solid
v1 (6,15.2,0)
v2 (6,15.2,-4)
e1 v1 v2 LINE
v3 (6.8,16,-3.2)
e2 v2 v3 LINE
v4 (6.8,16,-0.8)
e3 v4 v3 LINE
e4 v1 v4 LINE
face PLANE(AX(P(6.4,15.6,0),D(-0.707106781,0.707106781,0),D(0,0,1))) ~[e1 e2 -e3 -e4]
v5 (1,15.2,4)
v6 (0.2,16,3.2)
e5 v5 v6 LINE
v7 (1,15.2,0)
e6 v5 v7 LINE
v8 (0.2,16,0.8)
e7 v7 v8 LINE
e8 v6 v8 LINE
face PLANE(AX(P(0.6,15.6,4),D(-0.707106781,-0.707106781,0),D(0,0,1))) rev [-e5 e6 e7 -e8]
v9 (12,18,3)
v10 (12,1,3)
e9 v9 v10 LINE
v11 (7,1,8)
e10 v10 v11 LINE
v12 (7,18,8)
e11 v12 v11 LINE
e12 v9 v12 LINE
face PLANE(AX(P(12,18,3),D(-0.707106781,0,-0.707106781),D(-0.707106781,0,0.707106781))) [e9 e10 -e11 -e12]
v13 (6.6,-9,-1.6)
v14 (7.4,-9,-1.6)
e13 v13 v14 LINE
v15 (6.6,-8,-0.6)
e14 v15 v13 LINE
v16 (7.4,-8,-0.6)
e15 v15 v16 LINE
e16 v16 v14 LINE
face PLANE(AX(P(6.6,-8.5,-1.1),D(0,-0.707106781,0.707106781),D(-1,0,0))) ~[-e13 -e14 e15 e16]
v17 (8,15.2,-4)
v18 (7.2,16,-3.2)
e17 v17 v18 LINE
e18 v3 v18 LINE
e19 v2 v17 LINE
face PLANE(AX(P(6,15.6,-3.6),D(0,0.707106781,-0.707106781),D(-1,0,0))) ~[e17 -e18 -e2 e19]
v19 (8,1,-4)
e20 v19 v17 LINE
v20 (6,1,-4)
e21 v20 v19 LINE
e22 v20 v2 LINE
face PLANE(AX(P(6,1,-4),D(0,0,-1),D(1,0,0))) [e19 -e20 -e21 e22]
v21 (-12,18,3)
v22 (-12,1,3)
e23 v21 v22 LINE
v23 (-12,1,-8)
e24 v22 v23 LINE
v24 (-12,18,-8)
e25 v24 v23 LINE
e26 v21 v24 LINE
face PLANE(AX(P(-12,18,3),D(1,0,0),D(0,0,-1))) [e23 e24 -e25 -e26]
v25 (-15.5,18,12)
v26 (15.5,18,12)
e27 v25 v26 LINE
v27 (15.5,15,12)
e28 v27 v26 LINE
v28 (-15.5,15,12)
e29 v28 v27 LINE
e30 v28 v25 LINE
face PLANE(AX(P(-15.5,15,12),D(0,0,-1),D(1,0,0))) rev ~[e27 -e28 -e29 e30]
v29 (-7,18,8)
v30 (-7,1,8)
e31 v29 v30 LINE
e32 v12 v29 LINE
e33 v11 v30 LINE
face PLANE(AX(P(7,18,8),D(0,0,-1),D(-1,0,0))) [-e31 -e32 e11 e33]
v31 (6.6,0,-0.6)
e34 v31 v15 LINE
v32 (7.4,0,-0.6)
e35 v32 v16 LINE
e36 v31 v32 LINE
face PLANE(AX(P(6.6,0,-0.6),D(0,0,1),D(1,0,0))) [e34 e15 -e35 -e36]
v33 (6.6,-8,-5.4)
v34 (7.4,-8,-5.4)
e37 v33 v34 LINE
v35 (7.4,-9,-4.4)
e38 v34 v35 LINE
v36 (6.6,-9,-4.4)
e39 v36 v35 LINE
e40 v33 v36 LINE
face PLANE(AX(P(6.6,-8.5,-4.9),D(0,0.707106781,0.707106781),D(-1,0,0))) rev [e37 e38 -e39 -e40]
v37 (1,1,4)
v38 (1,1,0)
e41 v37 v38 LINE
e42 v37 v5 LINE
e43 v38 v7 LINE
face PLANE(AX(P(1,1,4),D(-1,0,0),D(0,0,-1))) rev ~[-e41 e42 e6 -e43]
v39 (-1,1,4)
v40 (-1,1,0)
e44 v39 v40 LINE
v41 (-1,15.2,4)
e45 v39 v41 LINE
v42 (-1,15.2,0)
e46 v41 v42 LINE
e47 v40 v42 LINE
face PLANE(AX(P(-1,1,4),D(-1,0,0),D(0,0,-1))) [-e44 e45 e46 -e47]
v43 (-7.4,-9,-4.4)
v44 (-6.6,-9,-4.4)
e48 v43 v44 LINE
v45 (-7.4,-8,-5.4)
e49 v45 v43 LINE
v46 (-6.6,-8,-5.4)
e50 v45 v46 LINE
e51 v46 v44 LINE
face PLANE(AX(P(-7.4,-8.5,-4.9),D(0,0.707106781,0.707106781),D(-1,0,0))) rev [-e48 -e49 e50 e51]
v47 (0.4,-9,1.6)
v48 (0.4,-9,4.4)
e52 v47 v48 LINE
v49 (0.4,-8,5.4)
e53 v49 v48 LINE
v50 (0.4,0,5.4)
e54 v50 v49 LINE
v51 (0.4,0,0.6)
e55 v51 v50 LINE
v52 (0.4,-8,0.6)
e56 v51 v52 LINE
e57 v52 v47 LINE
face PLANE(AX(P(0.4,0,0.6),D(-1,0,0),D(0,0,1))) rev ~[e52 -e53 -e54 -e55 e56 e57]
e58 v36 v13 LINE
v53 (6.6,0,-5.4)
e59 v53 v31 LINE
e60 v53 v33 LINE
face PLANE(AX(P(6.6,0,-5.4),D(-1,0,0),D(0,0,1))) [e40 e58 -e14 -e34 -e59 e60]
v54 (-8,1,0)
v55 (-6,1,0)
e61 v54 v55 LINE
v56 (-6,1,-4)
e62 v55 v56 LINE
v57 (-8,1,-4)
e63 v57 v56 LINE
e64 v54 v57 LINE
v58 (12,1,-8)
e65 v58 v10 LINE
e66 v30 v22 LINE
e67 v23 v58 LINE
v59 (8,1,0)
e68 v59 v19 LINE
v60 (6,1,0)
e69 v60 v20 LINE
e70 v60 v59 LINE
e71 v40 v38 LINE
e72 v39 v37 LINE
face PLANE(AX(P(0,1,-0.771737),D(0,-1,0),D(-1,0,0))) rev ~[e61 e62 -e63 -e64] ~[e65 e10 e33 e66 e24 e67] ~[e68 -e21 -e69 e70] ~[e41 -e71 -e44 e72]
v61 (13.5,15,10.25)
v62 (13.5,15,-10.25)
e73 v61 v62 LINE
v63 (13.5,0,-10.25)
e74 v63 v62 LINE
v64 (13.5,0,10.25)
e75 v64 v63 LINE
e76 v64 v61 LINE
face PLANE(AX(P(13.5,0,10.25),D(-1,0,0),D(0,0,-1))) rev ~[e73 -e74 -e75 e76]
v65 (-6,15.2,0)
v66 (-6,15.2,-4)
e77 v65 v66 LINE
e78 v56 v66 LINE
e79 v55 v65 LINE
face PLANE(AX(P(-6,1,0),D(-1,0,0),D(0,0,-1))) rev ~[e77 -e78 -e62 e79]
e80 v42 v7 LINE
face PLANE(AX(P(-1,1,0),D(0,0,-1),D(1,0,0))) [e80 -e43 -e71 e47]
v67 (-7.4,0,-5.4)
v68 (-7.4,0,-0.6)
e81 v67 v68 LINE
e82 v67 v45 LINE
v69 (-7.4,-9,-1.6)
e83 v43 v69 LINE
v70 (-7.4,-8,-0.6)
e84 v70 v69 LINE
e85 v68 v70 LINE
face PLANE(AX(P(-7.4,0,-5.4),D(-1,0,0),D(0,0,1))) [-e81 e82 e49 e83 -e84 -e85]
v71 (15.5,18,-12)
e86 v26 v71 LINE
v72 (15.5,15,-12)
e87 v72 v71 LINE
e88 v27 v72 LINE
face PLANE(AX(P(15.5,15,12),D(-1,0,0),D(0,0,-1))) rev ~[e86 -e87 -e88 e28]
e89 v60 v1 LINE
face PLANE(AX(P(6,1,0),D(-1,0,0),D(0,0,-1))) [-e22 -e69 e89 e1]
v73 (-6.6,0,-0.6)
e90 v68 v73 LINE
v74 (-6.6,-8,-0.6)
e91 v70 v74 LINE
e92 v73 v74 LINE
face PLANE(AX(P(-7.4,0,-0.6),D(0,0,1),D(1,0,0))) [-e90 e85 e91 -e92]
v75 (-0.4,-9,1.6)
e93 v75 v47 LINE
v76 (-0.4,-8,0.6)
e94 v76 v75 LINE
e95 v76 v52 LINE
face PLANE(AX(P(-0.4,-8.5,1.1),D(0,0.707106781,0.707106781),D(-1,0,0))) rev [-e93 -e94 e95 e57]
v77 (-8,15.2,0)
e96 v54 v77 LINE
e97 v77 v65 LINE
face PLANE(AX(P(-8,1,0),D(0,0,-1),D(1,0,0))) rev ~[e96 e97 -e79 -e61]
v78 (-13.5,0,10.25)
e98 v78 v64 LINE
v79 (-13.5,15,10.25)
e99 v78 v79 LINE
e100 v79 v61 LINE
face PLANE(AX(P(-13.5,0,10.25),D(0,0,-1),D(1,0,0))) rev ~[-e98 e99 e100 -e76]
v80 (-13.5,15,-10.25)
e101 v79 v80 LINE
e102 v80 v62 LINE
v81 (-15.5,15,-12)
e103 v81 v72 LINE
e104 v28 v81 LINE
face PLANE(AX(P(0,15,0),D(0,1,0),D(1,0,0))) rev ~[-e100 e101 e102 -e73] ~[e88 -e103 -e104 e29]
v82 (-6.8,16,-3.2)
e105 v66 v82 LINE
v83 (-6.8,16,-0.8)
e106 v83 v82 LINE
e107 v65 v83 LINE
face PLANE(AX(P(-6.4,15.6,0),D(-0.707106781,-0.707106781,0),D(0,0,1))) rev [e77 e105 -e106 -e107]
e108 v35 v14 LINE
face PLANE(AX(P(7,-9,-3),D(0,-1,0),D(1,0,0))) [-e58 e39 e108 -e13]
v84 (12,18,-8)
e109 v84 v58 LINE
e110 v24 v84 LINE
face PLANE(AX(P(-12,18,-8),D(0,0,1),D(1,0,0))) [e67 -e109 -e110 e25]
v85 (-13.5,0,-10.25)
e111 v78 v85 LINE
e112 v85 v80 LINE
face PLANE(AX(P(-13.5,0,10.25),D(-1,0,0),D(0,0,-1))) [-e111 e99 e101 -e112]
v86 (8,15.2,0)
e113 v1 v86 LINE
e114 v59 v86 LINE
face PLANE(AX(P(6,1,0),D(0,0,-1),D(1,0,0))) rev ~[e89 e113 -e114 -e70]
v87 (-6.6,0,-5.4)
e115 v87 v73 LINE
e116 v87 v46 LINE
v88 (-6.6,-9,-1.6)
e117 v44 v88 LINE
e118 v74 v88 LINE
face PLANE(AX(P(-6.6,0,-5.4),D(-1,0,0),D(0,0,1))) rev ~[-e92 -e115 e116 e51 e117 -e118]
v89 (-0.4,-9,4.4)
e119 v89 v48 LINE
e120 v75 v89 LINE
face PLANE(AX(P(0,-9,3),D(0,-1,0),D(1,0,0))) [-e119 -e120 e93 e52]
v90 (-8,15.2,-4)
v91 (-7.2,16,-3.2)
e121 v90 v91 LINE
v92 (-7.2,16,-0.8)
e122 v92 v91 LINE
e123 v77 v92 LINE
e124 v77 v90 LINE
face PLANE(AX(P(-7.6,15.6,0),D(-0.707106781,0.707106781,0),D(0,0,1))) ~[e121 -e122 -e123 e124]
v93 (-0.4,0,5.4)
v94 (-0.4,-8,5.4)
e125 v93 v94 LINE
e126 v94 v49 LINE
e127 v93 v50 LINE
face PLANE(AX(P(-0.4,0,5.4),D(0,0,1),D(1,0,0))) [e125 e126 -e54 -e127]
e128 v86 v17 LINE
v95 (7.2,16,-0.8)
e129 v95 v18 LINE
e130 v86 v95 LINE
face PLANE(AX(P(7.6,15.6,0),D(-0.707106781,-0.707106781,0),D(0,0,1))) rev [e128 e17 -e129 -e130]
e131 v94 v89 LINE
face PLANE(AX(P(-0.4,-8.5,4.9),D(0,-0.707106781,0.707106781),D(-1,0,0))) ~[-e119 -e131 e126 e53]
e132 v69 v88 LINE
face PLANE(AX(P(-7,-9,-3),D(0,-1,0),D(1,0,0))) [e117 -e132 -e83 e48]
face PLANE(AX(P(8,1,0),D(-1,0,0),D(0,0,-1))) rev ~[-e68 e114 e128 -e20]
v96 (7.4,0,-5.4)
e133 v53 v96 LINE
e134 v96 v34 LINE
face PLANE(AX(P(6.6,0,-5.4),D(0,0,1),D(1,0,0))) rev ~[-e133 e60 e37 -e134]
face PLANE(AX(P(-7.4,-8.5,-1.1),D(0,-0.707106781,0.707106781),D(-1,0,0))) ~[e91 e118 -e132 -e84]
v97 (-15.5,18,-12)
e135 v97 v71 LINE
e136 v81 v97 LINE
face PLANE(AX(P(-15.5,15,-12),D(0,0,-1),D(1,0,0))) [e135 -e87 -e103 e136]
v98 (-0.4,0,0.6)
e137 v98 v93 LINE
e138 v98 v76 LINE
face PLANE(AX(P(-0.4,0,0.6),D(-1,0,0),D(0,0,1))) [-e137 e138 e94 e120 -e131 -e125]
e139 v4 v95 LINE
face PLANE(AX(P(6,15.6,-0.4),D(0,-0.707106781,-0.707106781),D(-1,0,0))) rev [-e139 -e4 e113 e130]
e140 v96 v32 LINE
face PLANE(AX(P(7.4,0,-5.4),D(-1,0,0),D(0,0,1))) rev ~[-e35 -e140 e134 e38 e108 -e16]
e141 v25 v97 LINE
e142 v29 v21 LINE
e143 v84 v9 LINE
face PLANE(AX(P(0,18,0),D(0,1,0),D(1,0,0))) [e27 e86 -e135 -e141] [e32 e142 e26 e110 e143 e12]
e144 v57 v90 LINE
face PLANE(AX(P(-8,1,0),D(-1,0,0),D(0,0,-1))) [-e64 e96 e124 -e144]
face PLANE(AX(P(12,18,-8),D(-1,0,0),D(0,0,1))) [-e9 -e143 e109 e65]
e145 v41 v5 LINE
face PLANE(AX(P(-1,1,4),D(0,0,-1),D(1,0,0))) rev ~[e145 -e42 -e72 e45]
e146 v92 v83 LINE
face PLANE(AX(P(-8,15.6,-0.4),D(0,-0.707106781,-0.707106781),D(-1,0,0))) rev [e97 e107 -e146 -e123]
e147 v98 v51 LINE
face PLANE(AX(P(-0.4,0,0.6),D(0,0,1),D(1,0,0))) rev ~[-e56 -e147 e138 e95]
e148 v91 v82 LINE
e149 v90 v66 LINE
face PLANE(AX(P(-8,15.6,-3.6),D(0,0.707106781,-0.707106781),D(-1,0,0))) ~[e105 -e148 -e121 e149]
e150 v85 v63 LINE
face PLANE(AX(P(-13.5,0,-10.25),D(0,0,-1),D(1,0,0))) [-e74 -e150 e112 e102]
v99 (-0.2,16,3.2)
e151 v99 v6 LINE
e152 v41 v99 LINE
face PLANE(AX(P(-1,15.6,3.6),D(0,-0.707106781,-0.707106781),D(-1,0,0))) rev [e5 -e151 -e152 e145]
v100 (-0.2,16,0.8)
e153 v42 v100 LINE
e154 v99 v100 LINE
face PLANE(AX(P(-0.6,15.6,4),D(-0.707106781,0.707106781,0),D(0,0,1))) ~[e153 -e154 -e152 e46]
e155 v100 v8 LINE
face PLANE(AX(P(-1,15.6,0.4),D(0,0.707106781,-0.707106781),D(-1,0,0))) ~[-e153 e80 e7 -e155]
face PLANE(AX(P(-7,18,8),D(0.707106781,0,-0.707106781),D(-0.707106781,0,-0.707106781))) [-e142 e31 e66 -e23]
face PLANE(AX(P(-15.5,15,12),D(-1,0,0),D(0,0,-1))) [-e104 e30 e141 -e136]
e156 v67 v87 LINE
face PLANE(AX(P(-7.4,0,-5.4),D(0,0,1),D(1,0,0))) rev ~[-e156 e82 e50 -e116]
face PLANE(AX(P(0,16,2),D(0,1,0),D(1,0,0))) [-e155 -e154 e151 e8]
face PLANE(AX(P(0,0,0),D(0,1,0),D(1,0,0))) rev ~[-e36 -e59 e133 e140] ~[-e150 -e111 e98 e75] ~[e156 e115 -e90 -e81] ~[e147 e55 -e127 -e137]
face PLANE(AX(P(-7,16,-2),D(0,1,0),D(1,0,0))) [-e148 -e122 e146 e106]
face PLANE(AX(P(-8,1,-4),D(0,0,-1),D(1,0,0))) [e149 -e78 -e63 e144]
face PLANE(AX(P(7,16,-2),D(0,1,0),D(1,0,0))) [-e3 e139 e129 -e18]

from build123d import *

# Parameters (mm, degrees)
SKETCH_1_W          = 27
SKETCH_1_H          = 20.5
EXTRUDE_1_DEPTH     = 15
SKETCH_2_W          = 0.8
SKETCH_2_H          = 4.8
EXTRUDE_2_DEPTH     = 9
CHAMFER_1_SIZE      = 1
SKETCH_3_W          = 31
SKETCH_3_H          = 24
EXTRUDE_3_DEPTH     = 3
CUT_EXTRUDE_1_DEPTH = 17
SKETCH_5_W          = 2
SKETCH_5_H          = 4
EXTRUDE_4_DEPTH     = 15
CHAMFER_2_SIZE      = 0.8


with BuildPart() as part:
    # Эскиз1 → Бобышка-Вытянуть1 (new body)
    with BuildSketch(Plane(origin=(0, 0, 0), x_dir=(1, 0, 0), z_dir=(0, 1, 0))):
        Rectangle(SKETCH_1_W, SKETCH_1_H)
    extrude(amount=EXTRUDE_1_DEPTH)

    # Эскиз2 → Бобышка-Вытянуть2 (add)
    with BuildSketch(Plane.XZ):
        with Locations((0, 3)):
            Rectangle(SKETCH_2_W, SKETCH_2_H)
        with Locations((-7, -3)):
            Rectangle(SKETCH_2_W, SKETCH_2_H)
        with Locations((7, -3)):
            Rectangle(SKETCH_2_W, SKETCH_2_H)
    extrude(amount=EXTRUDE_2_DEPTH)

    # Фаска1
    chamfer_1_edges = [part.edges().sort_by_distance(p)[0] for p in [
        (-7, -9, -0.6),
        (-7, -9, -5.4),
        (0, -9, 5.4),
        (0, -9, 0.6),
        (7, -9, -0.6),
        (7, -9, -5.4),
    ]]
    chamfer(chamfer_1_edges, length=CHAMFER_1_SIZE)

    # Эскиз3 → Бобышка-Вытянуть3 (add)
    with BuildSketch(Plane(origin=(0, 15, 0), x_dir=(1, 0, 0), z_dir=(0, 1, 0))):
        Rectangle(SKETCH_3_W, SKETCH_3_H)
    extrude(amount=EXTRUDE_3_DEPTH)

    # Эскиз4 → Вырез-Вытянуть1 (cut)
    with BuildSketch(Plane(origin=(0, 18, 0), x_dir=(1, 0, 0), z_dir=(0, 1, 0))):
        Polygon((12, -3), (7, -8), (-7, -8), (-12, -3), (-12, 8), (12, 8), align=None)
    extrude(amount=-CUT_EXTRUDE_1_DEPTH, mode=Mode.SUBTRACT)

    # Эскиз5 → Бобышка-Вытянуть4 (add)
    with BuildSketch(Plane(origin=(0, 1, 0), x_dir=(1, 0, 0), z_dir=(0, 1, 0))):
        with Locations((7, 2)):
            Rectangle(SKETCH_5_W, SKETCH_5_H)
        with Locations((0, -2)):
            Rectangle(SKETCH_5_W, SKETCH_5_H)
        with Locations((-7, 2)):
            Rectangle(SKETCH_5_W, SKETCH_5_H)
    extrude(amount=EXTRUDE_4_DEPTH)

    # Фаска2
    chamfer_2_edges = [part.edges().sort_by_distance(p)[0] for p in [
        (-1, 16, 2),
        (0, 16, 4),
        (1, 16, 2),
        (0, 16, 0),
        (6, 16, -2),
        (7, 16, 0),
        (8, 16, -2),
        (7, 16, -4),
        (-7, 16, -4),
        (-8, 16, -2),
        (-7, 16, 0),
        (-6, 16, -2),
    ]]
    chamfer(chamfer_2_edges, length=CHAMFER_2_SIZE)


solid = part.part
